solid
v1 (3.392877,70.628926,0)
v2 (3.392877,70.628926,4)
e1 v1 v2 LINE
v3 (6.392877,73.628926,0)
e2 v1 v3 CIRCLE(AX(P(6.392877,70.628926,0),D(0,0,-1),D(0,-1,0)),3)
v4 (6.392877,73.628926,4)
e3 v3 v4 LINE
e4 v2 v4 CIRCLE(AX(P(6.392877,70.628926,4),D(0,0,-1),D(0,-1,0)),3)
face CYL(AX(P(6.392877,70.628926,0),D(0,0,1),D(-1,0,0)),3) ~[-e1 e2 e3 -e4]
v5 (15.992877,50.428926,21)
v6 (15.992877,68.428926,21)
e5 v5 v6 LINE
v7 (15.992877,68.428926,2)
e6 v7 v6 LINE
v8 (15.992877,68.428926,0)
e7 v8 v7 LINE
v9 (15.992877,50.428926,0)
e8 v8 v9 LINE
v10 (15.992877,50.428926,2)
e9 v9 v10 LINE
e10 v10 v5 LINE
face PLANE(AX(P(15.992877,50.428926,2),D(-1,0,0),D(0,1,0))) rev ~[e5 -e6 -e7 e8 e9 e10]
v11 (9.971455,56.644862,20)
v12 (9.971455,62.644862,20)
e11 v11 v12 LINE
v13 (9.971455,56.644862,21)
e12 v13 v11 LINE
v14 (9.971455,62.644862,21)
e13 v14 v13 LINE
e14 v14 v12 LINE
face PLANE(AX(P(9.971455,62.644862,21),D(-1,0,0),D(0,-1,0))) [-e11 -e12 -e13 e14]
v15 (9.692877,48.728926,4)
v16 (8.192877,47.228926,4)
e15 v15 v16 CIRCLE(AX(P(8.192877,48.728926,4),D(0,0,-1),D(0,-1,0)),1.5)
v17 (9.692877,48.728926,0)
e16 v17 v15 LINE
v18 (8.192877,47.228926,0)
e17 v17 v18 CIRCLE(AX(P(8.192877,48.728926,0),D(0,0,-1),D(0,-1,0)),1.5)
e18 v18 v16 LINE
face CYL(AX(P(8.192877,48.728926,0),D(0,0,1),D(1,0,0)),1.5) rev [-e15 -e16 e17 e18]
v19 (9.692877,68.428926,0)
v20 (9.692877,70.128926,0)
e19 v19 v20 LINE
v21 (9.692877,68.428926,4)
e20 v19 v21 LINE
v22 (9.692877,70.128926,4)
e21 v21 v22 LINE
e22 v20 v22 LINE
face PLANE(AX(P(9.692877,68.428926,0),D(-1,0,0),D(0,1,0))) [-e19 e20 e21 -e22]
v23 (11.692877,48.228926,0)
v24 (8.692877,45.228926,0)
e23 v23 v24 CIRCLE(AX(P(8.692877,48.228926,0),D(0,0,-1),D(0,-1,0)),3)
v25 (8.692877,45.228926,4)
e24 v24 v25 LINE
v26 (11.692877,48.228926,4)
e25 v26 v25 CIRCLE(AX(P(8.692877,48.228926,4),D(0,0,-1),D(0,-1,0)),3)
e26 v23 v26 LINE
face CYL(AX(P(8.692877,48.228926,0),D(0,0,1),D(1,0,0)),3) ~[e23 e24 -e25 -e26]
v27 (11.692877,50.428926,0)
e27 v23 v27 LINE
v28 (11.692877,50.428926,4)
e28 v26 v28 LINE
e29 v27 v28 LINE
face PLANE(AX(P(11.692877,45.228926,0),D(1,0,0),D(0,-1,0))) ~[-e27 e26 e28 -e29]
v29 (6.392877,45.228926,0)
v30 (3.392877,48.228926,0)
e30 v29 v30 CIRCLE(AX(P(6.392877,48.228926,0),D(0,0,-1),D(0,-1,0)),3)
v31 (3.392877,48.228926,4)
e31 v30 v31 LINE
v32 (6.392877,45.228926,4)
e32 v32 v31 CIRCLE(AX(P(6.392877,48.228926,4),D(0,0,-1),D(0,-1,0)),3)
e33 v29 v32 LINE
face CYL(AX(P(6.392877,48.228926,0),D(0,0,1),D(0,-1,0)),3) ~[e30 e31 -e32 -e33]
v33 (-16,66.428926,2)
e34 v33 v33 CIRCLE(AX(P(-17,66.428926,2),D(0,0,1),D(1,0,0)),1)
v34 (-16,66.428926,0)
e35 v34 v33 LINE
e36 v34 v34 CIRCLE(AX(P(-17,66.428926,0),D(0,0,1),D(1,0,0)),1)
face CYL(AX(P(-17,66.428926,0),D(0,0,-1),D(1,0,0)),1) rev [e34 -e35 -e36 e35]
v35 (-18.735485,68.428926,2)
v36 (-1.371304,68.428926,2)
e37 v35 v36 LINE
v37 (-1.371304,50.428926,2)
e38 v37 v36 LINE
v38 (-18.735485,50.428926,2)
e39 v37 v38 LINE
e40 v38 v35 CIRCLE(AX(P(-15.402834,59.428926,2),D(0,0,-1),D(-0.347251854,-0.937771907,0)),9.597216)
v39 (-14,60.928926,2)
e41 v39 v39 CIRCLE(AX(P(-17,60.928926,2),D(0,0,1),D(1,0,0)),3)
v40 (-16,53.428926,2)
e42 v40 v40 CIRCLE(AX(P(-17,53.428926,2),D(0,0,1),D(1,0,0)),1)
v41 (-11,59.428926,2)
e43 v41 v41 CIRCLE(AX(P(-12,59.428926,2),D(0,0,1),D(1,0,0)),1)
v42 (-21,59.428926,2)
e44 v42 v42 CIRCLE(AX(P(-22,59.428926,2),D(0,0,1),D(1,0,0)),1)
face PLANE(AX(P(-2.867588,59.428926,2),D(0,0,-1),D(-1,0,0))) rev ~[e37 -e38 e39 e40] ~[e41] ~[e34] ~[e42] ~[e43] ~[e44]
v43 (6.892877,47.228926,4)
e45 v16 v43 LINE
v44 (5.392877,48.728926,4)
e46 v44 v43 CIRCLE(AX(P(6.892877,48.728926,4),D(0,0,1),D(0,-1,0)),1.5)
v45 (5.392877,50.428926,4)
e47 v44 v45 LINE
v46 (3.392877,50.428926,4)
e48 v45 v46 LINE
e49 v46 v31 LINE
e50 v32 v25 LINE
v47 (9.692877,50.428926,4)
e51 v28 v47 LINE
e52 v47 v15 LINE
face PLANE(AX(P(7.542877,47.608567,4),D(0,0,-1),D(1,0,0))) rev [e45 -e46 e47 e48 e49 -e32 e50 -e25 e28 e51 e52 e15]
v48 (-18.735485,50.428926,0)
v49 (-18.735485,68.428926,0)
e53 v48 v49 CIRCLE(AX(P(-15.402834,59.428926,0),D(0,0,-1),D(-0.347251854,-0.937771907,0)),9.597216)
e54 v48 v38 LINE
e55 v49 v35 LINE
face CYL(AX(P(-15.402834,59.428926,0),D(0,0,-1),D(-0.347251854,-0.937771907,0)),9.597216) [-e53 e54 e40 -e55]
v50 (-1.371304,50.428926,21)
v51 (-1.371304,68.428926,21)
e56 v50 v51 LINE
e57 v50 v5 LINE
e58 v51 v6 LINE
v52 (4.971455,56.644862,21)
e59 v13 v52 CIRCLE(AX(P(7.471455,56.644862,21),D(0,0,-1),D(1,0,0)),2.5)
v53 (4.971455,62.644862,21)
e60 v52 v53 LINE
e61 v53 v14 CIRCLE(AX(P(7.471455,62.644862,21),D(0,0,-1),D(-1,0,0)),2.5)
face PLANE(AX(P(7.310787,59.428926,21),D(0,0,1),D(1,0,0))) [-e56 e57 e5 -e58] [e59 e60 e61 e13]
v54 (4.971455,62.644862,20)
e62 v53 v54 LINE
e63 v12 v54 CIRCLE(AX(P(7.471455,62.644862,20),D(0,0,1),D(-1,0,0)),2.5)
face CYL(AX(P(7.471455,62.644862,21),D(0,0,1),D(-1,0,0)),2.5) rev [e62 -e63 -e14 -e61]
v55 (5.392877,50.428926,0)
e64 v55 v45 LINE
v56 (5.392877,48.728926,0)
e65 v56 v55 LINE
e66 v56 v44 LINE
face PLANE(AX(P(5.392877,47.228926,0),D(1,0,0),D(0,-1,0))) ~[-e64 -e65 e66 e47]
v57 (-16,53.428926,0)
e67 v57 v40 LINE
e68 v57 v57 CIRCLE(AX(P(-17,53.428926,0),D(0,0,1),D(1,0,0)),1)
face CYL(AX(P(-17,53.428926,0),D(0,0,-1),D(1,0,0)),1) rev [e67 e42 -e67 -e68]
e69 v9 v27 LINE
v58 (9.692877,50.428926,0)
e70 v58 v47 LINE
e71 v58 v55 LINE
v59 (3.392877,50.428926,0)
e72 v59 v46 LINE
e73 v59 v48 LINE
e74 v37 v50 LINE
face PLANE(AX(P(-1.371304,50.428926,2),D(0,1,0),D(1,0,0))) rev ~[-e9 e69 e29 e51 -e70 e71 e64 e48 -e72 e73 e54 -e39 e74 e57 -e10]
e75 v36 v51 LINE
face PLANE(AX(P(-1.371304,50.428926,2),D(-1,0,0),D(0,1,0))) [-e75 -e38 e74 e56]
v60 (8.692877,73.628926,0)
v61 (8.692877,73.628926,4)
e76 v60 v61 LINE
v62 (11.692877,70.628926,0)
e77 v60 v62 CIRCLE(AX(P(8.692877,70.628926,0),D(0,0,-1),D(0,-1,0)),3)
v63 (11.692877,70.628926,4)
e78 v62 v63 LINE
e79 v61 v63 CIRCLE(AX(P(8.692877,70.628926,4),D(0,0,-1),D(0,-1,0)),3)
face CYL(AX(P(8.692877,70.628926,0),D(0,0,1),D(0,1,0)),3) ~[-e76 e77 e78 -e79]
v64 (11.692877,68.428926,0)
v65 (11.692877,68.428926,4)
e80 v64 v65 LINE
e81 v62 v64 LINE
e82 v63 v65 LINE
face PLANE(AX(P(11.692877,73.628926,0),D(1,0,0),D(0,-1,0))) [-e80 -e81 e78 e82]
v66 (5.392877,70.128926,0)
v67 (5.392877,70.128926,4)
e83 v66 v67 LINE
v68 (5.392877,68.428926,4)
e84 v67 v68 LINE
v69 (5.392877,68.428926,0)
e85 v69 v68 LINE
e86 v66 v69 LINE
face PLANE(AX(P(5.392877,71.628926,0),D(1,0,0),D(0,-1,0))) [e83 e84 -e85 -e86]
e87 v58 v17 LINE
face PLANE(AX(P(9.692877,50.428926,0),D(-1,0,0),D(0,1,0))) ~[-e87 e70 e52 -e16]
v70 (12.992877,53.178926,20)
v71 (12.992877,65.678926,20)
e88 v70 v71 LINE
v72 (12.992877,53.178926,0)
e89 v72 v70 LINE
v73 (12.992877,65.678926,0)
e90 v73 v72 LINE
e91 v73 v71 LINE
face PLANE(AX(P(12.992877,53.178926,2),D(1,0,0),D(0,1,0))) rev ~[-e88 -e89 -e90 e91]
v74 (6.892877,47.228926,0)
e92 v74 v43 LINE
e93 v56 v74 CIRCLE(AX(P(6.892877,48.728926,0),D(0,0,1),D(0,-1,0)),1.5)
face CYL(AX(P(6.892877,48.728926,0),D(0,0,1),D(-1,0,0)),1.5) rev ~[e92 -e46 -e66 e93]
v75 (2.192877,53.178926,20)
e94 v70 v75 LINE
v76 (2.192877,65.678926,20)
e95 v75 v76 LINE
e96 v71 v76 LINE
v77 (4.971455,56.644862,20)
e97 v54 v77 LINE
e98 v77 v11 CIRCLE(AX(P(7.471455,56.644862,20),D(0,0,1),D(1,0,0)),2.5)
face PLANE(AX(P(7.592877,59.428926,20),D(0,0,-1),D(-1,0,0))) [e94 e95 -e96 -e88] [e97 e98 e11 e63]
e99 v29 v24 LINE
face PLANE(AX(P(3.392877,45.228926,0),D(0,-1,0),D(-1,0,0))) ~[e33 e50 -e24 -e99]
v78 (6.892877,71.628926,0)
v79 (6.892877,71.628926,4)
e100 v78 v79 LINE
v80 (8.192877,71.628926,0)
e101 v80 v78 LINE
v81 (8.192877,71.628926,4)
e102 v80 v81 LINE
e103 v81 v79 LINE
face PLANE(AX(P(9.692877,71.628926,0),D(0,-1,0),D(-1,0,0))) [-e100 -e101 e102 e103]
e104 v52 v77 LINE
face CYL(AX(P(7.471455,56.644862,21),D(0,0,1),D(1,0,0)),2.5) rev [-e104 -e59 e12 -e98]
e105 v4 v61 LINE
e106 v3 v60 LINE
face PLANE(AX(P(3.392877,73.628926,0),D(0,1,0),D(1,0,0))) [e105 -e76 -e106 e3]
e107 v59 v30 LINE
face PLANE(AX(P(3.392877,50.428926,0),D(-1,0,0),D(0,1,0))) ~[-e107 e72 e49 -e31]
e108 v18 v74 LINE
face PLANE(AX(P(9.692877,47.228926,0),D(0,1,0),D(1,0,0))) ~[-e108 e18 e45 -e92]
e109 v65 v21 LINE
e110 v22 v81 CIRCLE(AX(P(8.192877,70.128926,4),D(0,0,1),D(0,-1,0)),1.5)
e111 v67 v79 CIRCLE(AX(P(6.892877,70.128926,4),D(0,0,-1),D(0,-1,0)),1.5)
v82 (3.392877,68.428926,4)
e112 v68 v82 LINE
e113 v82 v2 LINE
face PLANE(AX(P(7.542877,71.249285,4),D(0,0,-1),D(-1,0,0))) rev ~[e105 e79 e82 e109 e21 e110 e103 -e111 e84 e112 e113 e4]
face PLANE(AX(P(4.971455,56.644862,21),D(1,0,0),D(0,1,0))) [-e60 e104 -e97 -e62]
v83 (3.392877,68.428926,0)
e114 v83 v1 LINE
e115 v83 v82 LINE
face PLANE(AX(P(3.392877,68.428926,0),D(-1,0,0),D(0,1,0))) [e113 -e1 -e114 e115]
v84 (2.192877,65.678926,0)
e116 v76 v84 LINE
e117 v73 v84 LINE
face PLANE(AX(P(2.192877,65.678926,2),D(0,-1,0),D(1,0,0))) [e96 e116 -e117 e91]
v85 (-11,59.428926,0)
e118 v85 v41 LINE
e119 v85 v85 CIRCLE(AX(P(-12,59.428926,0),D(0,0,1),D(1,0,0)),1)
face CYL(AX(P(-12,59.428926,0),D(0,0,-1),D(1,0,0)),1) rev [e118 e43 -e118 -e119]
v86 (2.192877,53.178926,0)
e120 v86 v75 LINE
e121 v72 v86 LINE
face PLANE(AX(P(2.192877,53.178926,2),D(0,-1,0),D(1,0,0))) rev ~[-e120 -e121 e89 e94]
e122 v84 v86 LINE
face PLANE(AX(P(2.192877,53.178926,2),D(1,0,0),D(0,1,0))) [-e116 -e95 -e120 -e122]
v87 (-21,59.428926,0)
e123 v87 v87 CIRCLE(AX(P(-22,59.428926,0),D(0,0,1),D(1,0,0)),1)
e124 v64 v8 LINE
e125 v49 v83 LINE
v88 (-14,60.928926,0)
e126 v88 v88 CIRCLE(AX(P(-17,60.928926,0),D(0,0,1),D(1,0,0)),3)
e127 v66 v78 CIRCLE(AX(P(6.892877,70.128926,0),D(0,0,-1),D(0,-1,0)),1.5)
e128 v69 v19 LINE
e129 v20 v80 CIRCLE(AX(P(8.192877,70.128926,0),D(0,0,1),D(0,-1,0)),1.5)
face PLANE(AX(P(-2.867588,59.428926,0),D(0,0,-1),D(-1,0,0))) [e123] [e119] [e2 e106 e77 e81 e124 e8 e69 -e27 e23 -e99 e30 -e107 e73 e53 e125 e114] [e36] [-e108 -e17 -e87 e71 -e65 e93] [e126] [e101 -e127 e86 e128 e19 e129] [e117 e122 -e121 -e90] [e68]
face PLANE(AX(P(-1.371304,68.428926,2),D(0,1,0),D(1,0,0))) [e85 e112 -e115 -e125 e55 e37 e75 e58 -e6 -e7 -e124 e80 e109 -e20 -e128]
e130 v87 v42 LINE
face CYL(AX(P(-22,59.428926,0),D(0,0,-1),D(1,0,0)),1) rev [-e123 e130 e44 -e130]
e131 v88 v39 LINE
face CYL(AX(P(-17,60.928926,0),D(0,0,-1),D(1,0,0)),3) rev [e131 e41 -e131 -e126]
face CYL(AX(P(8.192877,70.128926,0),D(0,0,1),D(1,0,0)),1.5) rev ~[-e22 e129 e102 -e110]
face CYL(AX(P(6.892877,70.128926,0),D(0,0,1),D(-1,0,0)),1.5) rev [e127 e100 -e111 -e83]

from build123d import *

# Parameters (mm, degrees)
SKETCH2_R            = 1
SKETCH2_R_2          = 3
BOSS_EXTRUDE2_DEPTH  = 2
SKETCH3_W            = 10.8
SKETCH3_H            = 12.5
CUT_EXTRUDE1_DEPTH   = 3
SKETCH4_W            = 17.364181201
SKETCH4_H            = 18
BOSS_EXTRUDE3_DEPTH  = 19
SKETCH5_W            = 10.8
SKETCH5_H            = 12.5
CUT_EXTRUDE2_DEPTH   = 18
BOSS_EXTRUDE4_DEPTH  = 4
FILLET1_R            = 1.5
FILLET2_R            = 3
FILLET1_OF_MIRROR1_R = 1.5
FILLET2_OF_MIRROR1_R = 3
CUT_EXTRUDE3_DEPTH   = 10


with BuildPart() as part:
    # Sketch2 → Boss-Extrude2 (new body)
    with BuildSketch(Plane.XY):
        with BuildLine():
            Line((-18.735484911, 68.428926153), (15.992877491, 68.428926153))
            Line((15.992877491, 68.428926153), (15.992877491, 50.428926153))
            Line((15.992877491, 50.428926153), (-18.735484911, 50.428926153))
            ThreePointArc((-18.735484911, 50.428926153), (-25.000050177, 59.428926153), (-18.735484911, 68.428926153))
        make_face()
        with Locations((-17, 53.428926153)):
            Circle(SKETCH2_R, mode=Mode.SUBTRACT)
        with Locations((-17, 60.928926153)):
            Circle(SKETCH2_R_2, mode=Mode.SUBTRACT)
        with Locations((-22, 59.428926153)):
            Circle(SKETCH2_R, mode=Mode.SUBTRACT)
        with Locations((-17, 66.428926153)):
            Circle(SKETCH2_R, mode=Mode.SUBTRACT)
        with Locations((-12, 59.428926153)):
            Circle(SKETCH2_R, mode=Mode.SUBTRACT)
    extrude(amount=BOSS_EXTRUDE2_DEPTH)

    # Sketch3 → Cut-Extrude1 (cut, through all)
    with BuildSketch(Plane.XY.offset(2)):
        with Locations((7.592877491, 59.428926153)):
            Rectangle(SKETCH3_W, SKETCH3_H)
    extrude(amount=-CUT_EXTRUDE1_DEPTH, mode=Mode.SUBTRACT)

    # Sketch4 → Boss-Extrude3 (add)
    with BuildSketch(Plane.XY.offset(2)):
        with Locations((7.310786891, 59.428926153)):
            Rectangle(SKETCH4_W, SKETCH4_H)
    extrude(amount=BOSS_EXTRUDE3_DEPTH)

    # Sketch5 → Cut-Extrude2 (cut)
    with BuildSketch(Plane(origin=(0, 0, 2), x_dir=(-1, 0, 0), z_dir=(0, 0, -1))):
        with Locations((-7.592877491, 59.428926153)):
            Rectangle(SKETCH5_W, SKETCH5_H)
    extrude(amount=-CUT_EXTRUDE2_DEPTH, mode=Mode.SUBTRACT)

    # Sketch7 → Boss-Extrude4 (add)
    with BuildSketch(Plane(origin=(0, 0, 0), x_dir=(-1, 0, 0), z_dir=(0, 0, -1))):
        Polygon((-11.692877491, 68.428926153), (-9.692877491, 68.428926153), (-9.692877491, 71.628926153), (-5.392877491, 71.628926153), (-5.392877491, 68.428926153), (-3.392877491, 68.428926153), (-3.392877491, 73.628926153), (-11.692877491, 73.628926153), align=None)
    boss_extrude4 = extrude(amount=-BOSS_EXTRUDE4_DEPTH)

    # Fillet1
    fillet1_edges = [part.edges().sort_by_distance(p)[0] for p in [
        (5.392877491, 71.628926153, 2),
        (9.692877491, 71.628926153, 2),
    ]]
    fillet(fillet1_edges, radius=FILLET1_R)

    # Fillet2
    fillet2_edges = [part.edges().sort_by_distance(p)[0] for p in [
        (3.392877491, 73.628926153, 2),
        (11.692877491, 73.628926153, 2),
    ]]
    fillet(fillet2_edges, radius=FILLET2_R)

    # Mirror1: Boss-Extrude4 across plane
    add(boss_extrude4.mirror(Plane.ZX.offset(59.428926153)))

    # Fillet1 of Mirror1
    fillet1_of_mirror1_edges = [part.edges().sort_by_distance(p)[0] for p in [
        (5.392877491, 47.228926153, 2),
        (9.692877491, 47.228926153, 2),
    ]]
    fillet(fillet1_of_mirror1_edges, radius=FILLET1_OF_MIRROR1_R)

    # Fillet2 of Mirror1
    fillet2_of_mirror1_edges = [part.edges().sort_by_distance(p)[0] for p in [
        (3.392877491, 45.228926153, 2),
        (11.692877491, 45.228926153, 2),
    ]]
    fillet(fillet2_of_mirror1_edges, radius=FILLET2_OF_MIRROR1_R)

    # Sketch9 → Cut-Extrude3 (cut)
    with BuildSketch(Plane.XY.offset(21)):
        with BuildLine():
            Line((9.971454774, 62.64486165), (9.971454774, 56.64486165))
            ThreePointArc((9.971454774, 56.64486165), (7.471454774, 54.14486165), (4.971454774, 56.64486165))
            Line((4.971454774, 56.64486165), (4.971454774, 62.64486165))
            ThreePointArc((4.971454774, 62.64486165), (7.471454774, 65.14486165), (9.971454774, 62.64486165))
        make_face()
    extrude(amount=-CUT_EXTRUDE3_DEPTH, mode=Mode.SUBTRACT)


solid = part.part
